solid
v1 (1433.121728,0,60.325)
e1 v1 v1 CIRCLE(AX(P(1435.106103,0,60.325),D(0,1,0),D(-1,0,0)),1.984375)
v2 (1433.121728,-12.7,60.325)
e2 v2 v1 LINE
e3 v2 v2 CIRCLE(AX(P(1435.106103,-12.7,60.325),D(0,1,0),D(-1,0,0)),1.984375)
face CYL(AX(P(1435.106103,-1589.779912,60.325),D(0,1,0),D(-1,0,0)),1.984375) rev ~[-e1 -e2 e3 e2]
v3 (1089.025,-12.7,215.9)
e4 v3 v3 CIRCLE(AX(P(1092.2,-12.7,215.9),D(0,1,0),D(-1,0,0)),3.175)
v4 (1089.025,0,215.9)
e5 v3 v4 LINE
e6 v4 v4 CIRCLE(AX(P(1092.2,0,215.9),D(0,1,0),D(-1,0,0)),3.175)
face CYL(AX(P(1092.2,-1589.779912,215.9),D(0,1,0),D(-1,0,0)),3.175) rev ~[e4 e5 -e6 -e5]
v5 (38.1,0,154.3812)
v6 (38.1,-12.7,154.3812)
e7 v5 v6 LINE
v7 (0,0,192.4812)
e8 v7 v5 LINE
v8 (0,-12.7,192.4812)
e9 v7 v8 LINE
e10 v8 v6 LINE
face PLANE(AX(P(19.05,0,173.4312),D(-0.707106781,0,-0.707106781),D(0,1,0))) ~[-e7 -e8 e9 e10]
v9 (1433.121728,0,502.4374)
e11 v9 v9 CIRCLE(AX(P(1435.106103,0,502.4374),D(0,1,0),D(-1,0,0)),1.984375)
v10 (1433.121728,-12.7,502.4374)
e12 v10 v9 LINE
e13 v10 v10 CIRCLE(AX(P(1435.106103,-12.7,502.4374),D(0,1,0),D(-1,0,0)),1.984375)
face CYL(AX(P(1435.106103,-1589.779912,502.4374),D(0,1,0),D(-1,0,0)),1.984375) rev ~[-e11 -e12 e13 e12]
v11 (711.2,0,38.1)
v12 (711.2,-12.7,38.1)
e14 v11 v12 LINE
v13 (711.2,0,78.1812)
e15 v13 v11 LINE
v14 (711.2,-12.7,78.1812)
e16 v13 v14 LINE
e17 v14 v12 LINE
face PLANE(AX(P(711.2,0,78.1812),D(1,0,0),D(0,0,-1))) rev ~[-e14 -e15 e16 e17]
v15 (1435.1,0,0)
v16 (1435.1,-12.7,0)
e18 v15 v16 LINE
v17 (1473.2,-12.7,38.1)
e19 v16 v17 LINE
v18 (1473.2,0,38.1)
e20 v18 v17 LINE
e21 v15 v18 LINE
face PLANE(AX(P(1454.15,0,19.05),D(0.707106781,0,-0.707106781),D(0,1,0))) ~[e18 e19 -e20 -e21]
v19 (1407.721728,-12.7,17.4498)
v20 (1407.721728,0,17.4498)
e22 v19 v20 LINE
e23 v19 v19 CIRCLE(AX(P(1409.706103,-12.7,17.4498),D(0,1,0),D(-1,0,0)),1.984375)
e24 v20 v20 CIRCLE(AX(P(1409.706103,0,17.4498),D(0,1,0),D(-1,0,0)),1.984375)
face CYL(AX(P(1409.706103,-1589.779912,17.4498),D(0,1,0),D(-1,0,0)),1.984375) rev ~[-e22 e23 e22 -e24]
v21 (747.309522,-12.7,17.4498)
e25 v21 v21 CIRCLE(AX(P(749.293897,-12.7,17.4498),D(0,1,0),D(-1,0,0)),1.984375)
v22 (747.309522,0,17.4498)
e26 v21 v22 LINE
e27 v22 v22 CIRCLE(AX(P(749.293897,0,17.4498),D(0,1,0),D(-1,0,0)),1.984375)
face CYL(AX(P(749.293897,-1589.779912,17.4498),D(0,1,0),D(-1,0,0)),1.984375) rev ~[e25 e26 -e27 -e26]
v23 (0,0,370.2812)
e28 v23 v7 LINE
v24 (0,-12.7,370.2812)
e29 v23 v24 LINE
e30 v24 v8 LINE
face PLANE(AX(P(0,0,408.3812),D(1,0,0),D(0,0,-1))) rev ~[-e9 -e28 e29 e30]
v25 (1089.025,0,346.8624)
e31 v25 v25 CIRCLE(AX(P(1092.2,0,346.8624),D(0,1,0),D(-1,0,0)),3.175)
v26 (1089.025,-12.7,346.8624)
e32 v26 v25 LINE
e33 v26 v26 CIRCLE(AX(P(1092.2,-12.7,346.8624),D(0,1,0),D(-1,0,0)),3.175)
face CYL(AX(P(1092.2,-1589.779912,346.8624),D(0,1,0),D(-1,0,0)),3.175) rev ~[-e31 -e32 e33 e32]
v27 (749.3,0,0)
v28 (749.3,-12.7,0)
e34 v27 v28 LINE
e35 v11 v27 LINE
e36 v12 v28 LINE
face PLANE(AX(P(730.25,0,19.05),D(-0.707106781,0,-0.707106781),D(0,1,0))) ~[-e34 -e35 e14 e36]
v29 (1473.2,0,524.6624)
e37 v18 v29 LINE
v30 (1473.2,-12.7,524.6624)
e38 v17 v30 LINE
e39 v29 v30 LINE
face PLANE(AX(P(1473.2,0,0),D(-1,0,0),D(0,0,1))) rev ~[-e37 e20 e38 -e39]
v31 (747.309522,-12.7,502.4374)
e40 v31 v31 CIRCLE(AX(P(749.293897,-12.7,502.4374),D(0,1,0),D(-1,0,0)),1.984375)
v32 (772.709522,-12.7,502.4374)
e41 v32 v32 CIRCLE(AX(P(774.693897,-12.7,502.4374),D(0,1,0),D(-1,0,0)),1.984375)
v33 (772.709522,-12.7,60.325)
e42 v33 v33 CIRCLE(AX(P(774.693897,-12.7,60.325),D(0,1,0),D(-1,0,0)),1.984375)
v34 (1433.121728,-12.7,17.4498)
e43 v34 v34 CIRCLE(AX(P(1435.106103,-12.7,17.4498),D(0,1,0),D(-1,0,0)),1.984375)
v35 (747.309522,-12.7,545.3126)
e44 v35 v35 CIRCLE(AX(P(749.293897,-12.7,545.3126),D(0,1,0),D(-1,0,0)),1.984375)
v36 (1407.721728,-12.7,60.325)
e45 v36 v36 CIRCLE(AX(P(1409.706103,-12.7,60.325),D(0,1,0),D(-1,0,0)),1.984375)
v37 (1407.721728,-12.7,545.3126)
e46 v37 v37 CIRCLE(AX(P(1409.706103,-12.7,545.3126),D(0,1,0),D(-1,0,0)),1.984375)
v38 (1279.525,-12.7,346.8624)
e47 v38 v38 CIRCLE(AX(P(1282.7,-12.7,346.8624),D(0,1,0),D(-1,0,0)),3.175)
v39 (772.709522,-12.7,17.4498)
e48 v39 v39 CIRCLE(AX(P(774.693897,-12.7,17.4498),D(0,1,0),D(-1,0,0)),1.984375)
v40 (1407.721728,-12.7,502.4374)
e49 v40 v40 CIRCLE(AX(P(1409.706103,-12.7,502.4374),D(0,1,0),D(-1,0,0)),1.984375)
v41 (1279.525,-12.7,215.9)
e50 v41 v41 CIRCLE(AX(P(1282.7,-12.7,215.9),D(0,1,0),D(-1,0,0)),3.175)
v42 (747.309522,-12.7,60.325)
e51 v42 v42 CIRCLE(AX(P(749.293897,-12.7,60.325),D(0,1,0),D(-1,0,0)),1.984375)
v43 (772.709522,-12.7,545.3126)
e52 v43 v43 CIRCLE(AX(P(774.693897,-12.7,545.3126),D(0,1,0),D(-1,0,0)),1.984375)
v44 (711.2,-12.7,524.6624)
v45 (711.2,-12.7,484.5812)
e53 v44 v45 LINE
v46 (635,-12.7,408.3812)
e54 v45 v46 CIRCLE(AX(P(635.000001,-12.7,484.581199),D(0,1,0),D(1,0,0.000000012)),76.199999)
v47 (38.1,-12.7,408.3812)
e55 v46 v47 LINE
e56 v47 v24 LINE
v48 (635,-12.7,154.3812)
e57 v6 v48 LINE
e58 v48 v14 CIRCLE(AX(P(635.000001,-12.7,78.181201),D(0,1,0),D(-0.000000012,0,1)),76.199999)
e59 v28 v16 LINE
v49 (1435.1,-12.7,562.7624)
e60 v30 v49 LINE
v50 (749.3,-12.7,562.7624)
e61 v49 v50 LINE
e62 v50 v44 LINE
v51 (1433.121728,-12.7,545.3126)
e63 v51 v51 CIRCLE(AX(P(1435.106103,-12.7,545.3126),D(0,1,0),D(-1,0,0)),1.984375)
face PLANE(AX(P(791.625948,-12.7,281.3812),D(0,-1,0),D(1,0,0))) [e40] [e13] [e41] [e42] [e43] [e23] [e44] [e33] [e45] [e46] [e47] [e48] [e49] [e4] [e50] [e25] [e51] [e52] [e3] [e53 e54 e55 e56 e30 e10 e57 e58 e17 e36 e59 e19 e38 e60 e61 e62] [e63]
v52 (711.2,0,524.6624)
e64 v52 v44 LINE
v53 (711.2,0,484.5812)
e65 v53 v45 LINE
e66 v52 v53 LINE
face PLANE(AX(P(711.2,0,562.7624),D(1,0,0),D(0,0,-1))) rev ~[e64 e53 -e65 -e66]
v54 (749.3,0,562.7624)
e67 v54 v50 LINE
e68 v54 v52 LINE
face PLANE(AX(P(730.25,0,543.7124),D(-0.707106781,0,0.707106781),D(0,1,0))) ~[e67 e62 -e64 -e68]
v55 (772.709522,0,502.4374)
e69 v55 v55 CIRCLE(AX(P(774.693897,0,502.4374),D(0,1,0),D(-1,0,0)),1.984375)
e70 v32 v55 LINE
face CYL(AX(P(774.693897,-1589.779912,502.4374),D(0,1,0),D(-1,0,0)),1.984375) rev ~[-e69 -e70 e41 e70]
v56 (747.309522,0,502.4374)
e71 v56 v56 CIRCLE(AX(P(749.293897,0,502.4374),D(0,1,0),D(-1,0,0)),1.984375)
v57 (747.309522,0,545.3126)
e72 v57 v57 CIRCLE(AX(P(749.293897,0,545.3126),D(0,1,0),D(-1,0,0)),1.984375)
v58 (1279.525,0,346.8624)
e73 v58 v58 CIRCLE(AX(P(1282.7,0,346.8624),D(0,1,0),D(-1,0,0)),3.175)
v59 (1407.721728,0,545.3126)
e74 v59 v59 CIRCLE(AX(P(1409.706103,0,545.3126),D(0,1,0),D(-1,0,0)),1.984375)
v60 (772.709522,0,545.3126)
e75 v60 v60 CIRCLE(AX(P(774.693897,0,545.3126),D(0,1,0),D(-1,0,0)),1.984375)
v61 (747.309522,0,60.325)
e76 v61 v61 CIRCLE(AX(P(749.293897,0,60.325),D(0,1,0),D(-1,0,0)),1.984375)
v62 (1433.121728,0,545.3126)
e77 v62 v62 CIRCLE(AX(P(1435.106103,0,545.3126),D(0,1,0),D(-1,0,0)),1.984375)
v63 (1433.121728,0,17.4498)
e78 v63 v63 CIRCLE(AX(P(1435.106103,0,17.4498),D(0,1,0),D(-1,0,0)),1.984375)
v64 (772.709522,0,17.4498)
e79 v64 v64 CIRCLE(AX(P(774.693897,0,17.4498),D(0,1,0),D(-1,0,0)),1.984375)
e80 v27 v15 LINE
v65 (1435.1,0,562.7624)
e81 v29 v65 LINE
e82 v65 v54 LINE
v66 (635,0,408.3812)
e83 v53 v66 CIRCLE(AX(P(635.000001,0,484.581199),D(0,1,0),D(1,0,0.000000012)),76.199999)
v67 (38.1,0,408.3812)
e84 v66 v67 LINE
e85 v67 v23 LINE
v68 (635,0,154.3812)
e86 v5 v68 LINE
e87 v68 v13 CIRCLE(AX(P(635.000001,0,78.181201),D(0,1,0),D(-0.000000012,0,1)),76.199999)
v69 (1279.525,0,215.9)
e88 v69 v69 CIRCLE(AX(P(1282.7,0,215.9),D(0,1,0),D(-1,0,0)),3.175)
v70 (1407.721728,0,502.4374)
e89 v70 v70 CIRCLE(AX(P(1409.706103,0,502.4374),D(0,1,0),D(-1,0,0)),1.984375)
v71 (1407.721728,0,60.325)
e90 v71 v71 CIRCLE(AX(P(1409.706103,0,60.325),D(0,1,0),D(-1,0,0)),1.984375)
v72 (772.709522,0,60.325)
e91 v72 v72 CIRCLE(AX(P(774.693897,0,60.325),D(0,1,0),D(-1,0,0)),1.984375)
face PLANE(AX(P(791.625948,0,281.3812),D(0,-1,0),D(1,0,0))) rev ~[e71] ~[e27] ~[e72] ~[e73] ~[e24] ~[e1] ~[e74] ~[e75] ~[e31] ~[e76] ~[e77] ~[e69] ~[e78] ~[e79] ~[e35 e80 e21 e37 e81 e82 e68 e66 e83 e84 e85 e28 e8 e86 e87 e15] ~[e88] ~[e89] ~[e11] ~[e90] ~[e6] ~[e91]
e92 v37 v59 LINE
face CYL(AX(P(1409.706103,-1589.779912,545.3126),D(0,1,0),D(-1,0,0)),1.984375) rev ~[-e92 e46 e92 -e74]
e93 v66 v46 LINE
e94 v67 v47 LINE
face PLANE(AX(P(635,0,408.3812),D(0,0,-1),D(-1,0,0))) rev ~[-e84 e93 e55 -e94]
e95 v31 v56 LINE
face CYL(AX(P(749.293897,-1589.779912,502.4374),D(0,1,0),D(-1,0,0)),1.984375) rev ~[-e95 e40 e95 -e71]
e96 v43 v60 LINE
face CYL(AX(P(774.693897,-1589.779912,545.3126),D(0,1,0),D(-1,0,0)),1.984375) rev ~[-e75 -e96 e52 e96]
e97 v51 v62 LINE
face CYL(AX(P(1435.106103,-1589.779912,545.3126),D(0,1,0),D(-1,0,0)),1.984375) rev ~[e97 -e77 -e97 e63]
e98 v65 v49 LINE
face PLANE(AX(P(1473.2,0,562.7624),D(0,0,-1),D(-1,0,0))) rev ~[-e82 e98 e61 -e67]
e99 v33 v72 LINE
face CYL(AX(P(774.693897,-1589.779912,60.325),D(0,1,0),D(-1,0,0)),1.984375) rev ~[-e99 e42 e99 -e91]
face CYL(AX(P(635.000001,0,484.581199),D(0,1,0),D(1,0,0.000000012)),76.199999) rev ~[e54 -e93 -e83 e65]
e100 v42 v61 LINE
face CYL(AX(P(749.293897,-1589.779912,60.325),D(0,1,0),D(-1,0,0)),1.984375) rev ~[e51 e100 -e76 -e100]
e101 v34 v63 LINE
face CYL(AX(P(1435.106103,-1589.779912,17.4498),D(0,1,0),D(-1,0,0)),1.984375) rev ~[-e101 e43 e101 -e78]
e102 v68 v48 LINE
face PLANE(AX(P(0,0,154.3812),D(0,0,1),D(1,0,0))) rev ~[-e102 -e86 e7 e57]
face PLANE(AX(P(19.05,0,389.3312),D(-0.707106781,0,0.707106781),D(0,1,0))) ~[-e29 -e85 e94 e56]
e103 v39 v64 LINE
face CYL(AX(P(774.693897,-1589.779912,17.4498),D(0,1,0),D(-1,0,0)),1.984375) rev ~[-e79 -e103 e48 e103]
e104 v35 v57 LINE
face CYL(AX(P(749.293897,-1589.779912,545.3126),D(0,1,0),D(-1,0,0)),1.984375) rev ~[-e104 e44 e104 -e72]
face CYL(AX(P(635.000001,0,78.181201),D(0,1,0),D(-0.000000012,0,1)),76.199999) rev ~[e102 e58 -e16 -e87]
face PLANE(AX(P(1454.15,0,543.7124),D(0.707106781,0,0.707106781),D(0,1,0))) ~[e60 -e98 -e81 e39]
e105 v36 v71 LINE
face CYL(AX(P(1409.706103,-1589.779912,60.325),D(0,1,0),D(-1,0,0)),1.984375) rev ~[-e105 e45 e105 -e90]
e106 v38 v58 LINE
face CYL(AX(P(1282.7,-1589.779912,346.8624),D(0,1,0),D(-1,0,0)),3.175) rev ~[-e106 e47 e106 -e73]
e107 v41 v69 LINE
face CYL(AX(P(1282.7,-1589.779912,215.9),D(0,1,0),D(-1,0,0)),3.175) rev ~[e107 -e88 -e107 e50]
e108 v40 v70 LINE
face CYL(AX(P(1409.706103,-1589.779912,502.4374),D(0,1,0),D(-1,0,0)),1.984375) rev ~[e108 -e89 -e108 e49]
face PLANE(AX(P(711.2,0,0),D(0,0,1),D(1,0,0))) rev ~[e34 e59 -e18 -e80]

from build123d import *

# Parameters (mm, degrees)
F1_DEPTH = 12.7
F2_SIZE2 = 38.1
F2_SIZE  = 38.1
F4_D     = 6.35
F6_D     = 3.96875


with BuildPart() as f1:
    # F0 (on Front) → F1 (new body)
    with BuildSketch(Plane.XZ):
        with BuildLine():
            Line((711.2, 78.1812), (711.2, 0))
            Line((711.2, 0), (1473.2, 0))
            Line((1473.2, 0), (1473.2, 562.7624))
            Line((1473.2, 562.7624), (711.2, 562.7624))
            Line((711.2, 562.7624), (711.2, 484.5812))
            ThreePointArc((711.2, 484.5812), (688.881537, 430.699663), (635, 408.3812))
            Line((635, 408.3812), (0, 408.3812))
            Line((0, 408.3812), (0, 154.3812))
            Line((0, 154.3812), (635, 154.3812))
            ThreePointArc((635, 154.3812), (688.881537, 132.062737), (711.2, 78.1812))
        make_face()
    extrude(amount=F1_DEPTH)

    # F2
    f2_edges = [f1.edges().sort_by_distance(p)[0] for p in [
        (711.2, -6.35, 562.7624),
        (711.2, -6.35, 0),
        (1473.2, -6.35, 0),
        (1473.2, -6.35, 562.7624),
        (0, -6.35, 154.3812),
        (0, -6.35, 408.3812),
    ]]
    chamfer(f2_edges, length=F2_SIZE, length2=F2_SIZE2)

    # F4 (through all)
    with Locations(Plane.XZ.offset(12.7)):
        with Locations((1092.2, 215.9), (1092.2, 346.8624), (1282.7, 346.8624), (1282.7, 215.9)):
            Hole(F4_D / 2)

    # F6 (through all)
    with Locations(Plane.XZ.offset(12.7)):
        with Locations((749.293897, 545.3126), (749.293897, 502.4374), (774.693897, 502.4374), (774.693897, 545.3126), (749.293897, 60.325), (774.693897, 17.4498), (749.293897, 17.4498), (774.693897, 60.325), (1409.706103, 502.4374), (1435.106103, 502.4374), (1435.106103, 545.3126), (1409.706103, 545.3126), (1409.706103, 17.4498), (1435.106103, 17.4498), (1435.106103, 60.325), (1409.706103, 60.325)):
            Hole(F6_D / 2)


solid = f1.part
